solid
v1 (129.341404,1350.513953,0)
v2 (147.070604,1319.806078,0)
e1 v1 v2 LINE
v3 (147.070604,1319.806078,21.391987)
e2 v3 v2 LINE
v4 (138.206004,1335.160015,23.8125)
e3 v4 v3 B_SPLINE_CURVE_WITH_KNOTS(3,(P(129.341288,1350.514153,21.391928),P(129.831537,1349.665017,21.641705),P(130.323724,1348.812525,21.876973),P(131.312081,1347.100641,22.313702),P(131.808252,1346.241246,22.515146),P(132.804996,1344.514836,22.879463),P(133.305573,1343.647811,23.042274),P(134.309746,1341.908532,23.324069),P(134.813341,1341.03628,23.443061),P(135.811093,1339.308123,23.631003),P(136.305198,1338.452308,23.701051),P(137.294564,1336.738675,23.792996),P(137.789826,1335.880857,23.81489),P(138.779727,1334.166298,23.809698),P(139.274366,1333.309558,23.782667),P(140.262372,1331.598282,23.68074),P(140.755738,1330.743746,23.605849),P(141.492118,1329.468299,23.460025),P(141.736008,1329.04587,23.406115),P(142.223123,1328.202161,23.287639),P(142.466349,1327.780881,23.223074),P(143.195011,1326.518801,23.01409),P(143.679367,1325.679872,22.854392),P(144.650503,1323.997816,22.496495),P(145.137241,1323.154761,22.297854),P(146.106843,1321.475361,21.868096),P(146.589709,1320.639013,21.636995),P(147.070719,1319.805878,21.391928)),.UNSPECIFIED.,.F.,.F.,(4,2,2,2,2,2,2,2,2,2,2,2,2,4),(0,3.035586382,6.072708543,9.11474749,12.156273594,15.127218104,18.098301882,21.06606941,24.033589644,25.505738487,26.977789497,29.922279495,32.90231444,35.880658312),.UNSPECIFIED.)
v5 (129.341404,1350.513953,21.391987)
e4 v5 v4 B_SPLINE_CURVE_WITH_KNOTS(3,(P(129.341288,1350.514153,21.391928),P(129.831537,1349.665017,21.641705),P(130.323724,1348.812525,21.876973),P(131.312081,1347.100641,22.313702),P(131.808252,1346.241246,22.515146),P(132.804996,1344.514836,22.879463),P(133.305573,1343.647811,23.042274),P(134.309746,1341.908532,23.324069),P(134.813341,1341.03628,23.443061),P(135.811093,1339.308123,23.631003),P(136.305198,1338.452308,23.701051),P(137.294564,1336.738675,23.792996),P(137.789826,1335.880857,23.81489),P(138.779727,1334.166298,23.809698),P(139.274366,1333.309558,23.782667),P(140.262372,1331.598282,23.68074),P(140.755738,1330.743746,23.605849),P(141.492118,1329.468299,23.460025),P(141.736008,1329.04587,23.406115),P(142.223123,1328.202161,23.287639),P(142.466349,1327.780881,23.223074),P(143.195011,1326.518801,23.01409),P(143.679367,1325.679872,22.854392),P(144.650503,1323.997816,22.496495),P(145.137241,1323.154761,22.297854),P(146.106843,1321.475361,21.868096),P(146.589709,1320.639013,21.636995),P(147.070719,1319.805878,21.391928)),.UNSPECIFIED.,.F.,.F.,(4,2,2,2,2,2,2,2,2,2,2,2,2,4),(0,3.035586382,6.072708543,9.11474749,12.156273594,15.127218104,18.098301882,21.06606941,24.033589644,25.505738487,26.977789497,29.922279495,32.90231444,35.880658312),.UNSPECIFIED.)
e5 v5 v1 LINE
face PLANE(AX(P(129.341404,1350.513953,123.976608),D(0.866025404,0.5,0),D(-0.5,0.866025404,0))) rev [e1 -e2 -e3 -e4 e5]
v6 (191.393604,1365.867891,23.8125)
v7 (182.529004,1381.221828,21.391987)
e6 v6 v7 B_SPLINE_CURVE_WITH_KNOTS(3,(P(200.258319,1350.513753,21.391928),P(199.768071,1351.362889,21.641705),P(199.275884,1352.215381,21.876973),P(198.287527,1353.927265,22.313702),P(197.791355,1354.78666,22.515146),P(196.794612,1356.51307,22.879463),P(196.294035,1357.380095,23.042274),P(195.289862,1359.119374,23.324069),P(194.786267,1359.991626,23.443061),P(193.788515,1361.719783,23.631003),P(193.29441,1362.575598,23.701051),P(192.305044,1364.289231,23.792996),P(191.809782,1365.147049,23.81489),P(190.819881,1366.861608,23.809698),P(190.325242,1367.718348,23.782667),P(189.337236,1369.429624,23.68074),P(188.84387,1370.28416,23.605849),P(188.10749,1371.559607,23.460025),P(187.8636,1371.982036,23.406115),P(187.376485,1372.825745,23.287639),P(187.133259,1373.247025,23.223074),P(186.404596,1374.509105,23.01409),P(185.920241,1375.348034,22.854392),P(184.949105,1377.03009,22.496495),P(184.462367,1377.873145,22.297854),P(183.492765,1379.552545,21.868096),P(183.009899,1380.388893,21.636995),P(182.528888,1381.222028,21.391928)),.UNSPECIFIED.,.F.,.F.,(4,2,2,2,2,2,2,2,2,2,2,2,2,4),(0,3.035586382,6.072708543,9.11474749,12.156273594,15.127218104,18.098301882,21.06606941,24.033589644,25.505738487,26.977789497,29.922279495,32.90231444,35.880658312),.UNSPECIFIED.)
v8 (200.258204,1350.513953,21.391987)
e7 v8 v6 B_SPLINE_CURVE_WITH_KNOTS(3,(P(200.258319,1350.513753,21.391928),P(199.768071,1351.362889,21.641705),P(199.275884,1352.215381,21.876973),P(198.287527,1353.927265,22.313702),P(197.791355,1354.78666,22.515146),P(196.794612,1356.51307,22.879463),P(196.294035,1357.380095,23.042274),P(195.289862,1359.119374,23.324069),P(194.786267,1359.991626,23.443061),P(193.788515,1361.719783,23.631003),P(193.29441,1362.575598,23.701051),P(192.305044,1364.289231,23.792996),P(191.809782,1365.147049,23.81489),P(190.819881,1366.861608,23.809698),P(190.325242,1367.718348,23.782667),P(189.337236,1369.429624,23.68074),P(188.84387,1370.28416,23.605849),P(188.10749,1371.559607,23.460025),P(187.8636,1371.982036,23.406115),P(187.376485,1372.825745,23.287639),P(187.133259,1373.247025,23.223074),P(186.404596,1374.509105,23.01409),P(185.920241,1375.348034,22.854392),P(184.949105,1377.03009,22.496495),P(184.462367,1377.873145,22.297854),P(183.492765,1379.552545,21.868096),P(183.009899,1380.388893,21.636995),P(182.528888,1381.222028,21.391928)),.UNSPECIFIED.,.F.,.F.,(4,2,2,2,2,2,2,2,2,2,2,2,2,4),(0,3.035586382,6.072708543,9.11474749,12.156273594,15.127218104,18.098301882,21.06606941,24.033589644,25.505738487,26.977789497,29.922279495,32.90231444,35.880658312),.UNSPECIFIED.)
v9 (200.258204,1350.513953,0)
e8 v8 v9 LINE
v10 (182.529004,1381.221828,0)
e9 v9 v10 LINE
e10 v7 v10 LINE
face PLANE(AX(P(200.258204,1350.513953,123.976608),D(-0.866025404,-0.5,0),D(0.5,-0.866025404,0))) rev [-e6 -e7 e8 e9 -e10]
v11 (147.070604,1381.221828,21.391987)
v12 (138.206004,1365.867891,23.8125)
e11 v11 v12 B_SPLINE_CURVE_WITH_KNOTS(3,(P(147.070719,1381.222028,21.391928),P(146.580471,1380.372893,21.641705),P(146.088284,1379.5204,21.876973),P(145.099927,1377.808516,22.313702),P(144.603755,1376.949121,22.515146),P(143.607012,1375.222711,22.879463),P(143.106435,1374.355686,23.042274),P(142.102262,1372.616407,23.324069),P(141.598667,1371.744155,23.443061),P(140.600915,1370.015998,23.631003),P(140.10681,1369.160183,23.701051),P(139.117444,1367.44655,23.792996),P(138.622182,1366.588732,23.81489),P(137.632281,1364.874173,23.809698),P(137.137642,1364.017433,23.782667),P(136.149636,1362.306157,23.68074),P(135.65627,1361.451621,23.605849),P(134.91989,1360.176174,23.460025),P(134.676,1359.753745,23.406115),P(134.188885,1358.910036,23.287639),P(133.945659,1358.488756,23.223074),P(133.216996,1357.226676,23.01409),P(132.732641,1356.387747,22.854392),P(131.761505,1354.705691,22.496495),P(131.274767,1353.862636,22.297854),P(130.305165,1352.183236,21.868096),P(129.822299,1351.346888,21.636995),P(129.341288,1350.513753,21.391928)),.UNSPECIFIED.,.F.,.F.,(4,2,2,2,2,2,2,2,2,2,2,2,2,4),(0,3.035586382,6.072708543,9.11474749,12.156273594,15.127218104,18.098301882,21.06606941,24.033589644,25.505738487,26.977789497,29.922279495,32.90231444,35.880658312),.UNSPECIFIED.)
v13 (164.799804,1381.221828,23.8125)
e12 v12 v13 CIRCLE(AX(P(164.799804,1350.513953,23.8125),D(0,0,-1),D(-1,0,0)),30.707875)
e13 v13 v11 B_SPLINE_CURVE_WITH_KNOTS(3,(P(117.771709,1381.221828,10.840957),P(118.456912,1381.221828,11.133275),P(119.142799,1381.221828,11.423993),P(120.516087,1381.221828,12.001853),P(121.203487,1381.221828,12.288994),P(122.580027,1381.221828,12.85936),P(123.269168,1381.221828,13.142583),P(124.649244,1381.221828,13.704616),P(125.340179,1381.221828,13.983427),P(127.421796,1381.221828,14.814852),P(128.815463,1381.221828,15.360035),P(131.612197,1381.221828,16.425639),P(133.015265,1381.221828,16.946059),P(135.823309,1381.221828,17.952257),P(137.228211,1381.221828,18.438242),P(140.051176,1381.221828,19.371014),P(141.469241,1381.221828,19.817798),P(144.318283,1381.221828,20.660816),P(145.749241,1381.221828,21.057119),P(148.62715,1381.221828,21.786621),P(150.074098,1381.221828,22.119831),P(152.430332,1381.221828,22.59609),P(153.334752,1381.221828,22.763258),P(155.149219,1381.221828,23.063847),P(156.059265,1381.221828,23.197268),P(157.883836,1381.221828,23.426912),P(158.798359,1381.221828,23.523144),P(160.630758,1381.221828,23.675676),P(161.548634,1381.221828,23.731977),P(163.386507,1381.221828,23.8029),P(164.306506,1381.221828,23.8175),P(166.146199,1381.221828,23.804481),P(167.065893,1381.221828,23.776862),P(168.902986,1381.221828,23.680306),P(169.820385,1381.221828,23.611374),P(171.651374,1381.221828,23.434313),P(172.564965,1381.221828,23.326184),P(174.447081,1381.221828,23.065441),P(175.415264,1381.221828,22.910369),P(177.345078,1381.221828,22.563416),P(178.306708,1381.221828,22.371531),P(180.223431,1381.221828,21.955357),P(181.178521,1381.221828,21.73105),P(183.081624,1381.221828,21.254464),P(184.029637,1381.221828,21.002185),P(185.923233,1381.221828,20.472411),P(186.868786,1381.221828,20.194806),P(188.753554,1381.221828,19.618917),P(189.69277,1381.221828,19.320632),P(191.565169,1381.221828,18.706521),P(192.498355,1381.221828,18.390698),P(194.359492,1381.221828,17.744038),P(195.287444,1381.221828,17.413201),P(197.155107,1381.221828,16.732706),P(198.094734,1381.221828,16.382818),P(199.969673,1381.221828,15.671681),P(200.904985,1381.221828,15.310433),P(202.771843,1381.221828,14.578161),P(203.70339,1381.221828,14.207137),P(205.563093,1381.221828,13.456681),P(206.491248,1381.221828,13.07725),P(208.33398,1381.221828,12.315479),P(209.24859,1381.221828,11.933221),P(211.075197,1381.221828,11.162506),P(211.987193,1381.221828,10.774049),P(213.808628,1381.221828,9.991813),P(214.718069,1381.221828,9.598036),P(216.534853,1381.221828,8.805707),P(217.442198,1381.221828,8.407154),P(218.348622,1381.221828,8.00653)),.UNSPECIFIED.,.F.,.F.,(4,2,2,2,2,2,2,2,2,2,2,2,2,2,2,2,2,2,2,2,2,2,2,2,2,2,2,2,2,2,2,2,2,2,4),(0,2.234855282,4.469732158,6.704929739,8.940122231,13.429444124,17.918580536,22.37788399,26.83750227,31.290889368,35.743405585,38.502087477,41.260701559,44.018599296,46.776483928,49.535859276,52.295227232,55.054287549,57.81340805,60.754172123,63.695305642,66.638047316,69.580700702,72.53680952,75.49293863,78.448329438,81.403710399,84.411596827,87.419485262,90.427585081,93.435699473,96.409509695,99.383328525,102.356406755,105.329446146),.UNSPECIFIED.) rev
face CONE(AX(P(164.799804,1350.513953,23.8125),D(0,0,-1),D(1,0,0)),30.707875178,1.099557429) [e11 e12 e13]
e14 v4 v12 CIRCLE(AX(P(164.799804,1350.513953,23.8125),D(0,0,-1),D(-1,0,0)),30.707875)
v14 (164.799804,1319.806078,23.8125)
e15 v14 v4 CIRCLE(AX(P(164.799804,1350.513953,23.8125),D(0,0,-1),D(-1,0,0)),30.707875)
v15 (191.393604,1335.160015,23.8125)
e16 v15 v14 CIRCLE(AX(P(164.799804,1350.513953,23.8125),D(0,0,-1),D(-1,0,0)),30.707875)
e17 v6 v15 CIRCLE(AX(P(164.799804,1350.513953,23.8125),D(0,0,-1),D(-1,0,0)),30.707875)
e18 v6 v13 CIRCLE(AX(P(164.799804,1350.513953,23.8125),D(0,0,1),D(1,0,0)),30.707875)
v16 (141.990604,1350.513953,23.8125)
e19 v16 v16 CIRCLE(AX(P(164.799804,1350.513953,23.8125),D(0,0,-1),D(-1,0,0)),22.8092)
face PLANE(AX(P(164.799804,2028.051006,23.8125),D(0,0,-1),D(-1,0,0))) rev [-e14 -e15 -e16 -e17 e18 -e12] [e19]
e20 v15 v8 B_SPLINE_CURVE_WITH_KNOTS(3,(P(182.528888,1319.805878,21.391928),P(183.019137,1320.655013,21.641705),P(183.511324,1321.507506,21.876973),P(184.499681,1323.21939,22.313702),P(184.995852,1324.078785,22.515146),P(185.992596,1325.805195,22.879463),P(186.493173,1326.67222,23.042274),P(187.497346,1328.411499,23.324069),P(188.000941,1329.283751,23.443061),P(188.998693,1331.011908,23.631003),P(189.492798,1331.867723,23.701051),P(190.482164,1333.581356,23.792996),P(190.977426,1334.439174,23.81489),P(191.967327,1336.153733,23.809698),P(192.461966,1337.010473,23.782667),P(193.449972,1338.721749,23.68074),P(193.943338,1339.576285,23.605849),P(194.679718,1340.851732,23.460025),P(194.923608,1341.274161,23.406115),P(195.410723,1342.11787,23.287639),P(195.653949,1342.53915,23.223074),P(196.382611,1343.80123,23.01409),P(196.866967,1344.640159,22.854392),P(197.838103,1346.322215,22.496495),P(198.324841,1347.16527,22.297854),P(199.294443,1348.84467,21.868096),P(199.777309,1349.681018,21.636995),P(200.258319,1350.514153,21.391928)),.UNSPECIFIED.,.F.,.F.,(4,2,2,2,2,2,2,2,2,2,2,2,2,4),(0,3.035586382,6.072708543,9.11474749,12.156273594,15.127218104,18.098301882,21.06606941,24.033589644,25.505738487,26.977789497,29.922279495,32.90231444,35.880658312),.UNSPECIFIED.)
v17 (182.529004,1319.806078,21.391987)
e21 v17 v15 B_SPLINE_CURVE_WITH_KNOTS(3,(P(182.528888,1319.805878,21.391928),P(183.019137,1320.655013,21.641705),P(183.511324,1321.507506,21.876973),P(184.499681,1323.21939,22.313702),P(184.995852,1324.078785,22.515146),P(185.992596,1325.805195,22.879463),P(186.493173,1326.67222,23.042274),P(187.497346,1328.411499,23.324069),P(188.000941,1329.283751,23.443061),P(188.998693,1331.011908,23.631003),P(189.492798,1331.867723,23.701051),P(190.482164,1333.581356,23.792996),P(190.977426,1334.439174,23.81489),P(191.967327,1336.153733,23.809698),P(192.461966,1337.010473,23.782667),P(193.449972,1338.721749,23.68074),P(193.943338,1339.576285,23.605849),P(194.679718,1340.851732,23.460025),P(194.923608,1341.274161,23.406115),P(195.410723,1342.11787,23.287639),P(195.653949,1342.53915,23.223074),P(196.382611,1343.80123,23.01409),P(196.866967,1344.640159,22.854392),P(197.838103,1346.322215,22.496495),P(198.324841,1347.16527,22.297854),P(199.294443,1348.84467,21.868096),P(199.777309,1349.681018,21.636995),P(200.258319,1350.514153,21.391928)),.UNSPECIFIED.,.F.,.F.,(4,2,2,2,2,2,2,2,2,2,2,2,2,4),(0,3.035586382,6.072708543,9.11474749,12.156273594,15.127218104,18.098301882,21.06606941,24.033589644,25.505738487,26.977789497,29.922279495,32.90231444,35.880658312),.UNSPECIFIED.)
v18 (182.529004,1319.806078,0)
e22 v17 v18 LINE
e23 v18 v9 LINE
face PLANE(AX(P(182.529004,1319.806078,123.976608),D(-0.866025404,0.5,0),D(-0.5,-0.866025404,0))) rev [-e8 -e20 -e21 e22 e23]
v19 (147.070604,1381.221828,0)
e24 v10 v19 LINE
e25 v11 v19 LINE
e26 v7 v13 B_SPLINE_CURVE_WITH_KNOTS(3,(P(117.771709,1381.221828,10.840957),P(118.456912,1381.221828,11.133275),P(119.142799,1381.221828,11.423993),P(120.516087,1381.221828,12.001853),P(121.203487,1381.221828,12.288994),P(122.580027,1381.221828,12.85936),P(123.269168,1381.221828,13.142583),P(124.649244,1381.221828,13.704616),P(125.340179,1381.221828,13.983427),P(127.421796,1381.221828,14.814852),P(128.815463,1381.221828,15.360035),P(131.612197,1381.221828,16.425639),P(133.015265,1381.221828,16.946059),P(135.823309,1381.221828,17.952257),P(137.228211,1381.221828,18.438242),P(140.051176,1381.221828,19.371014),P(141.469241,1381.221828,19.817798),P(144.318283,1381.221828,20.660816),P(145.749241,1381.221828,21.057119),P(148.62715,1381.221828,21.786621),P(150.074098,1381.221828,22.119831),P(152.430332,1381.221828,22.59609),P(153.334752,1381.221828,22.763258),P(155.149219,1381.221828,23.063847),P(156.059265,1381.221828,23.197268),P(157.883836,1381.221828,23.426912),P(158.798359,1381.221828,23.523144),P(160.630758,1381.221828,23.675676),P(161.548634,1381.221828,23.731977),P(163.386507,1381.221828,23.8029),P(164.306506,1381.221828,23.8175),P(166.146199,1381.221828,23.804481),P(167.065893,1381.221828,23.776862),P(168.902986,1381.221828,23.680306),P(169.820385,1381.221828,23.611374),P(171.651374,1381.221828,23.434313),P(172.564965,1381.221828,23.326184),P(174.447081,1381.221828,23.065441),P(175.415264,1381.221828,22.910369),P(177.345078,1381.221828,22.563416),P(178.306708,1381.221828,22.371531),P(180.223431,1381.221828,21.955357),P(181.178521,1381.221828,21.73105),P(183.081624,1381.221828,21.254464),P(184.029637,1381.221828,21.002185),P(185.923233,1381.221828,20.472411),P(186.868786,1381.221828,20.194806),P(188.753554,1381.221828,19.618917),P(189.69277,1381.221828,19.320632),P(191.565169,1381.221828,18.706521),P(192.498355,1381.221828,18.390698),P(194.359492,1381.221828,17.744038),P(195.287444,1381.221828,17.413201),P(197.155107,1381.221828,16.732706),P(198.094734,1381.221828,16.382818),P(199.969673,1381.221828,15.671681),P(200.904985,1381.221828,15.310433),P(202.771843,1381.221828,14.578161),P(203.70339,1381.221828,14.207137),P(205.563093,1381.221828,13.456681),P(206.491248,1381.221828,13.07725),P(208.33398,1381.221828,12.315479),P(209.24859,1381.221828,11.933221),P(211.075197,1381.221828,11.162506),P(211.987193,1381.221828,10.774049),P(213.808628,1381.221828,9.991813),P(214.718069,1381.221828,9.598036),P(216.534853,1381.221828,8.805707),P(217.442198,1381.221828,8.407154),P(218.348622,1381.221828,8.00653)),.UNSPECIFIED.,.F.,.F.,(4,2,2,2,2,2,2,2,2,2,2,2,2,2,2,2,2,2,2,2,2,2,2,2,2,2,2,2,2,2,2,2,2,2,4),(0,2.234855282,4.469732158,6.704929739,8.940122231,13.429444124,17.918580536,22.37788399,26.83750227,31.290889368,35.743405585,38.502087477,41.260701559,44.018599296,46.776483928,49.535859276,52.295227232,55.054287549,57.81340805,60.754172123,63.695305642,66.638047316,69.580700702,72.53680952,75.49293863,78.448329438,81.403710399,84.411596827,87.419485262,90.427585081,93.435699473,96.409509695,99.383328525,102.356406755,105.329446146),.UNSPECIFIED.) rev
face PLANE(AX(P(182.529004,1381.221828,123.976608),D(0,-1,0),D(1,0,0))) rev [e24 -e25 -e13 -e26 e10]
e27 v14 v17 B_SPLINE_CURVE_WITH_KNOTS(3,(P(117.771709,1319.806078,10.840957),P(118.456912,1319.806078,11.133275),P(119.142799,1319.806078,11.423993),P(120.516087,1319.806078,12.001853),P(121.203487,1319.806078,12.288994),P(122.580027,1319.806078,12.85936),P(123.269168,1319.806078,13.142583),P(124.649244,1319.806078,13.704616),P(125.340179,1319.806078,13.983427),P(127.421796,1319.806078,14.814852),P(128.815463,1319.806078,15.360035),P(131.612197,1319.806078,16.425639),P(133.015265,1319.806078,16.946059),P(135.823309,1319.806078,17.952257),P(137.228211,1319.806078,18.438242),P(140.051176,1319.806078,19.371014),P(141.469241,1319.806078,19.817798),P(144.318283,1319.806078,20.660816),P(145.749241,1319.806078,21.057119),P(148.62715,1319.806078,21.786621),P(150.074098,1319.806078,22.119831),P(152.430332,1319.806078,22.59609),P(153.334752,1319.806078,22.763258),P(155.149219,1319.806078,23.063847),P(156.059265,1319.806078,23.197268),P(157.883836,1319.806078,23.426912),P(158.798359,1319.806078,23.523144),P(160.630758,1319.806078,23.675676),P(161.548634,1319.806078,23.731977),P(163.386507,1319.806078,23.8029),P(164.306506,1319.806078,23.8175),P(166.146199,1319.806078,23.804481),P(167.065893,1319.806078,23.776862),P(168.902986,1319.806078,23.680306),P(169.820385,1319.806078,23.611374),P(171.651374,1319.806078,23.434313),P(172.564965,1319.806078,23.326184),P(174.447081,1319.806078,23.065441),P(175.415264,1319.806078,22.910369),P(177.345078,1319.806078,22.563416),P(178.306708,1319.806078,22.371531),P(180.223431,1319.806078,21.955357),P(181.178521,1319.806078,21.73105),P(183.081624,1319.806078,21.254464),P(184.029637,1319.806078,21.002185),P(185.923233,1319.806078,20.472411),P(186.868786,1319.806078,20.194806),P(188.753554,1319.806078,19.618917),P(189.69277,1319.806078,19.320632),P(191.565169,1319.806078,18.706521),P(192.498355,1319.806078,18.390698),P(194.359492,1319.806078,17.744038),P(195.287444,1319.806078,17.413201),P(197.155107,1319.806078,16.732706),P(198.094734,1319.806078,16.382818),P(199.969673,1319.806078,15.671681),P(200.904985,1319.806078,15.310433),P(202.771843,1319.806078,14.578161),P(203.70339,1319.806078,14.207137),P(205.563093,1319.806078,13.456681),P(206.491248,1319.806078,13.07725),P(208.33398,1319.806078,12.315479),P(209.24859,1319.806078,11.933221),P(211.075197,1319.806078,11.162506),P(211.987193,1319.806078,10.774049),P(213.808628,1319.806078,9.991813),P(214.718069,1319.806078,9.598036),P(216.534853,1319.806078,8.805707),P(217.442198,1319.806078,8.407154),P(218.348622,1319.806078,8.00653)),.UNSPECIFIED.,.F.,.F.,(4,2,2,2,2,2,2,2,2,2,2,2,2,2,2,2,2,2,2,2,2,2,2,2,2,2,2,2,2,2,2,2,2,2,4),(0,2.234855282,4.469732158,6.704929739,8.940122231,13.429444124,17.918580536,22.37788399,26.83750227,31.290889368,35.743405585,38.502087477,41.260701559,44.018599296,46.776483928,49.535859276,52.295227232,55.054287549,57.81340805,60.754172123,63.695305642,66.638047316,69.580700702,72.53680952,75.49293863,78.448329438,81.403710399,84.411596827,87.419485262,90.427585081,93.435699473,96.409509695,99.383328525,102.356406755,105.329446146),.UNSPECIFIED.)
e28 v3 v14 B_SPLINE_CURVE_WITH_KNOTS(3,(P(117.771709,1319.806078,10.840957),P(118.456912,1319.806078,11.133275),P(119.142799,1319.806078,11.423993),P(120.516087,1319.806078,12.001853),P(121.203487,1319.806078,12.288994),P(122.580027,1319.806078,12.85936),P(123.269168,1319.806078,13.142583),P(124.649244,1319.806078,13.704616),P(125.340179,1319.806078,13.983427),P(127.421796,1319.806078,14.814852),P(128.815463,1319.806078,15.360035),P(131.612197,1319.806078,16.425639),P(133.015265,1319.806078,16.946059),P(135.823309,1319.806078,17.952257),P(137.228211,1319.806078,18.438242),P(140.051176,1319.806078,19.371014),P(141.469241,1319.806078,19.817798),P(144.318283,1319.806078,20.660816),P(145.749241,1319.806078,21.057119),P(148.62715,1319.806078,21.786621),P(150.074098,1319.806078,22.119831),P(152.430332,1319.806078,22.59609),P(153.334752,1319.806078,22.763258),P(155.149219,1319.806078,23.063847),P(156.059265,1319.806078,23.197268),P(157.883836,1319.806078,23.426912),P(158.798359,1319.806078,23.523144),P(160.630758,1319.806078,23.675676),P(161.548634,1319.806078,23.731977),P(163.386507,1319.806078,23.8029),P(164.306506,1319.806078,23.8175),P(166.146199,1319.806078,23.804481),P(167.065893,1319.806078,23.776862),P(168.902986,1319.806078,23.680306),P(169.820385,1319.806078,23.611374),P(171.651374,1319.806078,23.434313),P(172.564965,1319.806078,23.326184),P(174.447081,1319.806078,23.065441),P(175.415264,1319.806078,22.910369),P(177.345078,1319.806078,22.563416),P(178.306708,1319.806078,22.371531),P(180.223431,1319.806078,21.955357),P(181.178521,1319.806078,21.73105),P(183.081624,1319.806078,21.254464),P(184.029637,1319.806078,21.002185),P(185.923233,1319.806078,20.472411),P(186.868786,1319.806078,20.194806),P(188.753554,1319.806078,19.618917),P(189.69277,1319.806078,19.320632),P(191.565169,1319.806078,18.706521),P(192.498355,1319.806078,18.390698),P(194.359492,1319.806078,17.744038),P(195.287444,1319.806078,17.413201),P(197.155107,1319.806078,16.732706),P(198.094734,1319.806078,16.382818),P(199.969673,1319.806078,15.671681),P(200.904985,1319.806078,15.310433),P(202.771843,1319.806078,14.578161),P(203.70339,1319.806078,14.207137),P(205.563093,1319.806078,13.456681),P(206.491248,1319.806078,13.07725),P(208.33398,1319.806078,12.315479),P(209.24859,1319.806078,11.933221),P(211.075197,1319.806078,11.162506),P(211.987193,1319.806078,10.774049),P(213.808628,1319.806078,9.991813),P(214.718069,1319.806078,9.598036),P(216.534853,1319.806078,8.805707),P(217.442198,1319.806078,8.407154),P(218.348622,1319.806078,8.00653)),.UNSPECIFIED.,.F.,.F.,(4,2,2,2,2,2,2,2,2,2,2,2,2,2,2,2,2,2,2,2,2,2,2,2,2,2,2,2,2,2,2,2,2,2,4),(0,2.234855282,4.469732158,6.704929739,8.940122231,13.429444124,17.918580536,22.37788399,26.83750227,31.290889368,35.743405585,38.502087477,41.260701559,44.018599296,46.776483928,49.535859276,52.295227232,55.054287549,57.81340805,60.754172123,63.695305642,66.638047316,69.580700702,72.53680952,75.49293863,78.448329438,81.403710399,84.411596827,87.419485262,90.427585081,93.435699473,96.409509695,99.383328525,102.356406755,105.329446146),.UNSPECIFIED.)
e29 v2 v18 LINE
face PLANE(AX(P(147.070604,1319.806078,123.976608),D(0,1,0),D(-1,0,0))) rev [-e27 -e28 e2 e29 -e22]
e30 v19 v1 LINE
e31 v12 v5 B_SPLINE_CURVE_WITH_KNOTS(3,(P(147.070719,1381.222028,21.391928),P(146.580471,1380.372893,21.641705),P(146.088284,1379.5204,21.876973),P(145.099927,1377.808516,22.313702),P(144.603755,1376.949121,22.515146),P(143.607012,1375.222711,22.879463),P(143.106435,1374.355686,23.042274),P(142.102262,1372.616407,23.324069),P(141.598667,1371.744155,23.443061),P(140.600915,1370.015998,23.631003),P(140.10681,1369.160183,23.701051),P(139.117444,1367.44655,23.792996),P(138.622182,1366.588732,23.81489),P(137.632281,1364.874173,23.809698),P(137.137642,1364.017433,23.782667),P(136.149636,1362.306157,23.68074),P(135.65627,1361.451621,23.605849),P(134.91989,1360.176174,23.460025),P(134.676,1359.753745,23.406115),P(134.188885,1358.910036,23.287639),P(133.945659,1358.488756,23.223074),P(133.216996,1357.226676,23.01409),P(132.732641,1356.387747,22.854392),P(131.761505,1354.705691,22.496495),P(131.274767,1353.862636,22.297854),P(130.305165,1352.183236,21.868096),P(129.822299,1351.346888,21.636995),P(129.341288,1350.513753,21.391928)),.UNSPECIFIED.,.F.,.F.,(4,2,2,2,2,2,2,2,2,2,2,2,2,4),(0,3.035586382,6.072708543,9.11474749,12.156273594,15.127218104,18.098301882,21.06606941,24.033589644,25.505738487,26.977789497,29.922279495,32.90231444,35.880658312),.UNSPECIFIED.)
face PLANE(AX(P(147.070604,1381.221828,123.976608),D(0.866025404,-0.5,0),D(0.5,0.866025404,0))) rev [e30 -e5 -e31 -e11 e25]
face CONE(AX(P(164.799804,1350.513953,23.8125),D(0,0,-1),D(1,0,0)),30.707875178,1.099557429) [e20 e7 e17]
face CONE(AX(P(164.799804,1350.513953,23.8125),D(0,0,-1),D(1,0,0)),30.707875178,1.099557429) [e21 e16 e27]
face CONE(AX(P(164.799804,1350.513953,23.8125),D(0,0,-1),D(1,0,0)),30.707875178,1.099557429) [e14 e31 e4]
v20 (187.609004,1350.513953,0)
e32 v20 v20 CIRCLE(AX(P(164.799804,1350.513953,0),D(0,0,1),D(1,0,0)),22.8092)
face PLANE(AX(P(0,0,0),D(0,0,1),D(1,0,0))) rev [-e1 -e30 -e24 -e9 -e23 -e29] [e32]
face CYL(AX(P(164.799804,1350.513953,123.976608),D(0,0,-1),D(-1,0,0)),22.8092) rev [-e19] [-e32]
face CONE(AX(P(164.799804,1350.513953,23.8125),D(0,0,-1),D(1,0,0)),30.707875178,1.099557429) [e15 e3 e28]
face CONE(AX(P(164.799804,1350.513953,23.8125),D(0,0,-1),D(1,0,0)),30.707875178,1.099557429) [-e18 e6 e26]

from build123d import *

# Parameters (mm, degrees)
SKETCH1_R           = 22.8092
BOSS_EXTRUDE1_DEPTH = 23.8125
SKETCH2_OUTSIDE_W   = 102.245
SKETCH2_OUTSIDE_H   = 92.744
SKETCH2_OUTSIDE_R   = 30.707875178
CUT_EXTRUDE1_DEPTH  = 2.54
CUT_EXTRUDE1_TAPER  = 63


with BuildPart() as part:
    # Sketch1 → Boss-Extrude1 (new body)
    with BuildSketch(Plane.XY):
        Polygon((129.341403954, 1350.513952992), (147.070603954, 1319.806077815), (182.529003954, 1319.806077815), (200.258203954, 1350.513952992), (182.529003954, 1381.22182817), (147.070603954, 1381.22182817), align=None)
        with Locations((164.799803954, 1350.513952992)):
            Circle(SKETCH1_R, mode=Mode.SUBTRACT)
    extrude(amount=BOSS_EXTRUDE1_DEPTH)

    # Sketch2 outside → Cut-Extrude1 (cut)
    with BuildSketch(Plane.XY.offset(23.8125)):
        with Locations((164.7995, 1350.514)):
            Rectangle(SKETCH2_OUTSIDE_W, SKETCH2_OUTSIDE_H)
        with Locations((164.799803954, 1350.513952992)):
            Circle(SKETCH2_OUTSIDE_R, mode=Mode.SUBTRACT)
    extrude(amount=-CUT_EXTRUDE1_DEPTH, taper=CUT_EXTRUDE1_TAPER, mode=Mode.SUBTRACT)


solid = part.part
